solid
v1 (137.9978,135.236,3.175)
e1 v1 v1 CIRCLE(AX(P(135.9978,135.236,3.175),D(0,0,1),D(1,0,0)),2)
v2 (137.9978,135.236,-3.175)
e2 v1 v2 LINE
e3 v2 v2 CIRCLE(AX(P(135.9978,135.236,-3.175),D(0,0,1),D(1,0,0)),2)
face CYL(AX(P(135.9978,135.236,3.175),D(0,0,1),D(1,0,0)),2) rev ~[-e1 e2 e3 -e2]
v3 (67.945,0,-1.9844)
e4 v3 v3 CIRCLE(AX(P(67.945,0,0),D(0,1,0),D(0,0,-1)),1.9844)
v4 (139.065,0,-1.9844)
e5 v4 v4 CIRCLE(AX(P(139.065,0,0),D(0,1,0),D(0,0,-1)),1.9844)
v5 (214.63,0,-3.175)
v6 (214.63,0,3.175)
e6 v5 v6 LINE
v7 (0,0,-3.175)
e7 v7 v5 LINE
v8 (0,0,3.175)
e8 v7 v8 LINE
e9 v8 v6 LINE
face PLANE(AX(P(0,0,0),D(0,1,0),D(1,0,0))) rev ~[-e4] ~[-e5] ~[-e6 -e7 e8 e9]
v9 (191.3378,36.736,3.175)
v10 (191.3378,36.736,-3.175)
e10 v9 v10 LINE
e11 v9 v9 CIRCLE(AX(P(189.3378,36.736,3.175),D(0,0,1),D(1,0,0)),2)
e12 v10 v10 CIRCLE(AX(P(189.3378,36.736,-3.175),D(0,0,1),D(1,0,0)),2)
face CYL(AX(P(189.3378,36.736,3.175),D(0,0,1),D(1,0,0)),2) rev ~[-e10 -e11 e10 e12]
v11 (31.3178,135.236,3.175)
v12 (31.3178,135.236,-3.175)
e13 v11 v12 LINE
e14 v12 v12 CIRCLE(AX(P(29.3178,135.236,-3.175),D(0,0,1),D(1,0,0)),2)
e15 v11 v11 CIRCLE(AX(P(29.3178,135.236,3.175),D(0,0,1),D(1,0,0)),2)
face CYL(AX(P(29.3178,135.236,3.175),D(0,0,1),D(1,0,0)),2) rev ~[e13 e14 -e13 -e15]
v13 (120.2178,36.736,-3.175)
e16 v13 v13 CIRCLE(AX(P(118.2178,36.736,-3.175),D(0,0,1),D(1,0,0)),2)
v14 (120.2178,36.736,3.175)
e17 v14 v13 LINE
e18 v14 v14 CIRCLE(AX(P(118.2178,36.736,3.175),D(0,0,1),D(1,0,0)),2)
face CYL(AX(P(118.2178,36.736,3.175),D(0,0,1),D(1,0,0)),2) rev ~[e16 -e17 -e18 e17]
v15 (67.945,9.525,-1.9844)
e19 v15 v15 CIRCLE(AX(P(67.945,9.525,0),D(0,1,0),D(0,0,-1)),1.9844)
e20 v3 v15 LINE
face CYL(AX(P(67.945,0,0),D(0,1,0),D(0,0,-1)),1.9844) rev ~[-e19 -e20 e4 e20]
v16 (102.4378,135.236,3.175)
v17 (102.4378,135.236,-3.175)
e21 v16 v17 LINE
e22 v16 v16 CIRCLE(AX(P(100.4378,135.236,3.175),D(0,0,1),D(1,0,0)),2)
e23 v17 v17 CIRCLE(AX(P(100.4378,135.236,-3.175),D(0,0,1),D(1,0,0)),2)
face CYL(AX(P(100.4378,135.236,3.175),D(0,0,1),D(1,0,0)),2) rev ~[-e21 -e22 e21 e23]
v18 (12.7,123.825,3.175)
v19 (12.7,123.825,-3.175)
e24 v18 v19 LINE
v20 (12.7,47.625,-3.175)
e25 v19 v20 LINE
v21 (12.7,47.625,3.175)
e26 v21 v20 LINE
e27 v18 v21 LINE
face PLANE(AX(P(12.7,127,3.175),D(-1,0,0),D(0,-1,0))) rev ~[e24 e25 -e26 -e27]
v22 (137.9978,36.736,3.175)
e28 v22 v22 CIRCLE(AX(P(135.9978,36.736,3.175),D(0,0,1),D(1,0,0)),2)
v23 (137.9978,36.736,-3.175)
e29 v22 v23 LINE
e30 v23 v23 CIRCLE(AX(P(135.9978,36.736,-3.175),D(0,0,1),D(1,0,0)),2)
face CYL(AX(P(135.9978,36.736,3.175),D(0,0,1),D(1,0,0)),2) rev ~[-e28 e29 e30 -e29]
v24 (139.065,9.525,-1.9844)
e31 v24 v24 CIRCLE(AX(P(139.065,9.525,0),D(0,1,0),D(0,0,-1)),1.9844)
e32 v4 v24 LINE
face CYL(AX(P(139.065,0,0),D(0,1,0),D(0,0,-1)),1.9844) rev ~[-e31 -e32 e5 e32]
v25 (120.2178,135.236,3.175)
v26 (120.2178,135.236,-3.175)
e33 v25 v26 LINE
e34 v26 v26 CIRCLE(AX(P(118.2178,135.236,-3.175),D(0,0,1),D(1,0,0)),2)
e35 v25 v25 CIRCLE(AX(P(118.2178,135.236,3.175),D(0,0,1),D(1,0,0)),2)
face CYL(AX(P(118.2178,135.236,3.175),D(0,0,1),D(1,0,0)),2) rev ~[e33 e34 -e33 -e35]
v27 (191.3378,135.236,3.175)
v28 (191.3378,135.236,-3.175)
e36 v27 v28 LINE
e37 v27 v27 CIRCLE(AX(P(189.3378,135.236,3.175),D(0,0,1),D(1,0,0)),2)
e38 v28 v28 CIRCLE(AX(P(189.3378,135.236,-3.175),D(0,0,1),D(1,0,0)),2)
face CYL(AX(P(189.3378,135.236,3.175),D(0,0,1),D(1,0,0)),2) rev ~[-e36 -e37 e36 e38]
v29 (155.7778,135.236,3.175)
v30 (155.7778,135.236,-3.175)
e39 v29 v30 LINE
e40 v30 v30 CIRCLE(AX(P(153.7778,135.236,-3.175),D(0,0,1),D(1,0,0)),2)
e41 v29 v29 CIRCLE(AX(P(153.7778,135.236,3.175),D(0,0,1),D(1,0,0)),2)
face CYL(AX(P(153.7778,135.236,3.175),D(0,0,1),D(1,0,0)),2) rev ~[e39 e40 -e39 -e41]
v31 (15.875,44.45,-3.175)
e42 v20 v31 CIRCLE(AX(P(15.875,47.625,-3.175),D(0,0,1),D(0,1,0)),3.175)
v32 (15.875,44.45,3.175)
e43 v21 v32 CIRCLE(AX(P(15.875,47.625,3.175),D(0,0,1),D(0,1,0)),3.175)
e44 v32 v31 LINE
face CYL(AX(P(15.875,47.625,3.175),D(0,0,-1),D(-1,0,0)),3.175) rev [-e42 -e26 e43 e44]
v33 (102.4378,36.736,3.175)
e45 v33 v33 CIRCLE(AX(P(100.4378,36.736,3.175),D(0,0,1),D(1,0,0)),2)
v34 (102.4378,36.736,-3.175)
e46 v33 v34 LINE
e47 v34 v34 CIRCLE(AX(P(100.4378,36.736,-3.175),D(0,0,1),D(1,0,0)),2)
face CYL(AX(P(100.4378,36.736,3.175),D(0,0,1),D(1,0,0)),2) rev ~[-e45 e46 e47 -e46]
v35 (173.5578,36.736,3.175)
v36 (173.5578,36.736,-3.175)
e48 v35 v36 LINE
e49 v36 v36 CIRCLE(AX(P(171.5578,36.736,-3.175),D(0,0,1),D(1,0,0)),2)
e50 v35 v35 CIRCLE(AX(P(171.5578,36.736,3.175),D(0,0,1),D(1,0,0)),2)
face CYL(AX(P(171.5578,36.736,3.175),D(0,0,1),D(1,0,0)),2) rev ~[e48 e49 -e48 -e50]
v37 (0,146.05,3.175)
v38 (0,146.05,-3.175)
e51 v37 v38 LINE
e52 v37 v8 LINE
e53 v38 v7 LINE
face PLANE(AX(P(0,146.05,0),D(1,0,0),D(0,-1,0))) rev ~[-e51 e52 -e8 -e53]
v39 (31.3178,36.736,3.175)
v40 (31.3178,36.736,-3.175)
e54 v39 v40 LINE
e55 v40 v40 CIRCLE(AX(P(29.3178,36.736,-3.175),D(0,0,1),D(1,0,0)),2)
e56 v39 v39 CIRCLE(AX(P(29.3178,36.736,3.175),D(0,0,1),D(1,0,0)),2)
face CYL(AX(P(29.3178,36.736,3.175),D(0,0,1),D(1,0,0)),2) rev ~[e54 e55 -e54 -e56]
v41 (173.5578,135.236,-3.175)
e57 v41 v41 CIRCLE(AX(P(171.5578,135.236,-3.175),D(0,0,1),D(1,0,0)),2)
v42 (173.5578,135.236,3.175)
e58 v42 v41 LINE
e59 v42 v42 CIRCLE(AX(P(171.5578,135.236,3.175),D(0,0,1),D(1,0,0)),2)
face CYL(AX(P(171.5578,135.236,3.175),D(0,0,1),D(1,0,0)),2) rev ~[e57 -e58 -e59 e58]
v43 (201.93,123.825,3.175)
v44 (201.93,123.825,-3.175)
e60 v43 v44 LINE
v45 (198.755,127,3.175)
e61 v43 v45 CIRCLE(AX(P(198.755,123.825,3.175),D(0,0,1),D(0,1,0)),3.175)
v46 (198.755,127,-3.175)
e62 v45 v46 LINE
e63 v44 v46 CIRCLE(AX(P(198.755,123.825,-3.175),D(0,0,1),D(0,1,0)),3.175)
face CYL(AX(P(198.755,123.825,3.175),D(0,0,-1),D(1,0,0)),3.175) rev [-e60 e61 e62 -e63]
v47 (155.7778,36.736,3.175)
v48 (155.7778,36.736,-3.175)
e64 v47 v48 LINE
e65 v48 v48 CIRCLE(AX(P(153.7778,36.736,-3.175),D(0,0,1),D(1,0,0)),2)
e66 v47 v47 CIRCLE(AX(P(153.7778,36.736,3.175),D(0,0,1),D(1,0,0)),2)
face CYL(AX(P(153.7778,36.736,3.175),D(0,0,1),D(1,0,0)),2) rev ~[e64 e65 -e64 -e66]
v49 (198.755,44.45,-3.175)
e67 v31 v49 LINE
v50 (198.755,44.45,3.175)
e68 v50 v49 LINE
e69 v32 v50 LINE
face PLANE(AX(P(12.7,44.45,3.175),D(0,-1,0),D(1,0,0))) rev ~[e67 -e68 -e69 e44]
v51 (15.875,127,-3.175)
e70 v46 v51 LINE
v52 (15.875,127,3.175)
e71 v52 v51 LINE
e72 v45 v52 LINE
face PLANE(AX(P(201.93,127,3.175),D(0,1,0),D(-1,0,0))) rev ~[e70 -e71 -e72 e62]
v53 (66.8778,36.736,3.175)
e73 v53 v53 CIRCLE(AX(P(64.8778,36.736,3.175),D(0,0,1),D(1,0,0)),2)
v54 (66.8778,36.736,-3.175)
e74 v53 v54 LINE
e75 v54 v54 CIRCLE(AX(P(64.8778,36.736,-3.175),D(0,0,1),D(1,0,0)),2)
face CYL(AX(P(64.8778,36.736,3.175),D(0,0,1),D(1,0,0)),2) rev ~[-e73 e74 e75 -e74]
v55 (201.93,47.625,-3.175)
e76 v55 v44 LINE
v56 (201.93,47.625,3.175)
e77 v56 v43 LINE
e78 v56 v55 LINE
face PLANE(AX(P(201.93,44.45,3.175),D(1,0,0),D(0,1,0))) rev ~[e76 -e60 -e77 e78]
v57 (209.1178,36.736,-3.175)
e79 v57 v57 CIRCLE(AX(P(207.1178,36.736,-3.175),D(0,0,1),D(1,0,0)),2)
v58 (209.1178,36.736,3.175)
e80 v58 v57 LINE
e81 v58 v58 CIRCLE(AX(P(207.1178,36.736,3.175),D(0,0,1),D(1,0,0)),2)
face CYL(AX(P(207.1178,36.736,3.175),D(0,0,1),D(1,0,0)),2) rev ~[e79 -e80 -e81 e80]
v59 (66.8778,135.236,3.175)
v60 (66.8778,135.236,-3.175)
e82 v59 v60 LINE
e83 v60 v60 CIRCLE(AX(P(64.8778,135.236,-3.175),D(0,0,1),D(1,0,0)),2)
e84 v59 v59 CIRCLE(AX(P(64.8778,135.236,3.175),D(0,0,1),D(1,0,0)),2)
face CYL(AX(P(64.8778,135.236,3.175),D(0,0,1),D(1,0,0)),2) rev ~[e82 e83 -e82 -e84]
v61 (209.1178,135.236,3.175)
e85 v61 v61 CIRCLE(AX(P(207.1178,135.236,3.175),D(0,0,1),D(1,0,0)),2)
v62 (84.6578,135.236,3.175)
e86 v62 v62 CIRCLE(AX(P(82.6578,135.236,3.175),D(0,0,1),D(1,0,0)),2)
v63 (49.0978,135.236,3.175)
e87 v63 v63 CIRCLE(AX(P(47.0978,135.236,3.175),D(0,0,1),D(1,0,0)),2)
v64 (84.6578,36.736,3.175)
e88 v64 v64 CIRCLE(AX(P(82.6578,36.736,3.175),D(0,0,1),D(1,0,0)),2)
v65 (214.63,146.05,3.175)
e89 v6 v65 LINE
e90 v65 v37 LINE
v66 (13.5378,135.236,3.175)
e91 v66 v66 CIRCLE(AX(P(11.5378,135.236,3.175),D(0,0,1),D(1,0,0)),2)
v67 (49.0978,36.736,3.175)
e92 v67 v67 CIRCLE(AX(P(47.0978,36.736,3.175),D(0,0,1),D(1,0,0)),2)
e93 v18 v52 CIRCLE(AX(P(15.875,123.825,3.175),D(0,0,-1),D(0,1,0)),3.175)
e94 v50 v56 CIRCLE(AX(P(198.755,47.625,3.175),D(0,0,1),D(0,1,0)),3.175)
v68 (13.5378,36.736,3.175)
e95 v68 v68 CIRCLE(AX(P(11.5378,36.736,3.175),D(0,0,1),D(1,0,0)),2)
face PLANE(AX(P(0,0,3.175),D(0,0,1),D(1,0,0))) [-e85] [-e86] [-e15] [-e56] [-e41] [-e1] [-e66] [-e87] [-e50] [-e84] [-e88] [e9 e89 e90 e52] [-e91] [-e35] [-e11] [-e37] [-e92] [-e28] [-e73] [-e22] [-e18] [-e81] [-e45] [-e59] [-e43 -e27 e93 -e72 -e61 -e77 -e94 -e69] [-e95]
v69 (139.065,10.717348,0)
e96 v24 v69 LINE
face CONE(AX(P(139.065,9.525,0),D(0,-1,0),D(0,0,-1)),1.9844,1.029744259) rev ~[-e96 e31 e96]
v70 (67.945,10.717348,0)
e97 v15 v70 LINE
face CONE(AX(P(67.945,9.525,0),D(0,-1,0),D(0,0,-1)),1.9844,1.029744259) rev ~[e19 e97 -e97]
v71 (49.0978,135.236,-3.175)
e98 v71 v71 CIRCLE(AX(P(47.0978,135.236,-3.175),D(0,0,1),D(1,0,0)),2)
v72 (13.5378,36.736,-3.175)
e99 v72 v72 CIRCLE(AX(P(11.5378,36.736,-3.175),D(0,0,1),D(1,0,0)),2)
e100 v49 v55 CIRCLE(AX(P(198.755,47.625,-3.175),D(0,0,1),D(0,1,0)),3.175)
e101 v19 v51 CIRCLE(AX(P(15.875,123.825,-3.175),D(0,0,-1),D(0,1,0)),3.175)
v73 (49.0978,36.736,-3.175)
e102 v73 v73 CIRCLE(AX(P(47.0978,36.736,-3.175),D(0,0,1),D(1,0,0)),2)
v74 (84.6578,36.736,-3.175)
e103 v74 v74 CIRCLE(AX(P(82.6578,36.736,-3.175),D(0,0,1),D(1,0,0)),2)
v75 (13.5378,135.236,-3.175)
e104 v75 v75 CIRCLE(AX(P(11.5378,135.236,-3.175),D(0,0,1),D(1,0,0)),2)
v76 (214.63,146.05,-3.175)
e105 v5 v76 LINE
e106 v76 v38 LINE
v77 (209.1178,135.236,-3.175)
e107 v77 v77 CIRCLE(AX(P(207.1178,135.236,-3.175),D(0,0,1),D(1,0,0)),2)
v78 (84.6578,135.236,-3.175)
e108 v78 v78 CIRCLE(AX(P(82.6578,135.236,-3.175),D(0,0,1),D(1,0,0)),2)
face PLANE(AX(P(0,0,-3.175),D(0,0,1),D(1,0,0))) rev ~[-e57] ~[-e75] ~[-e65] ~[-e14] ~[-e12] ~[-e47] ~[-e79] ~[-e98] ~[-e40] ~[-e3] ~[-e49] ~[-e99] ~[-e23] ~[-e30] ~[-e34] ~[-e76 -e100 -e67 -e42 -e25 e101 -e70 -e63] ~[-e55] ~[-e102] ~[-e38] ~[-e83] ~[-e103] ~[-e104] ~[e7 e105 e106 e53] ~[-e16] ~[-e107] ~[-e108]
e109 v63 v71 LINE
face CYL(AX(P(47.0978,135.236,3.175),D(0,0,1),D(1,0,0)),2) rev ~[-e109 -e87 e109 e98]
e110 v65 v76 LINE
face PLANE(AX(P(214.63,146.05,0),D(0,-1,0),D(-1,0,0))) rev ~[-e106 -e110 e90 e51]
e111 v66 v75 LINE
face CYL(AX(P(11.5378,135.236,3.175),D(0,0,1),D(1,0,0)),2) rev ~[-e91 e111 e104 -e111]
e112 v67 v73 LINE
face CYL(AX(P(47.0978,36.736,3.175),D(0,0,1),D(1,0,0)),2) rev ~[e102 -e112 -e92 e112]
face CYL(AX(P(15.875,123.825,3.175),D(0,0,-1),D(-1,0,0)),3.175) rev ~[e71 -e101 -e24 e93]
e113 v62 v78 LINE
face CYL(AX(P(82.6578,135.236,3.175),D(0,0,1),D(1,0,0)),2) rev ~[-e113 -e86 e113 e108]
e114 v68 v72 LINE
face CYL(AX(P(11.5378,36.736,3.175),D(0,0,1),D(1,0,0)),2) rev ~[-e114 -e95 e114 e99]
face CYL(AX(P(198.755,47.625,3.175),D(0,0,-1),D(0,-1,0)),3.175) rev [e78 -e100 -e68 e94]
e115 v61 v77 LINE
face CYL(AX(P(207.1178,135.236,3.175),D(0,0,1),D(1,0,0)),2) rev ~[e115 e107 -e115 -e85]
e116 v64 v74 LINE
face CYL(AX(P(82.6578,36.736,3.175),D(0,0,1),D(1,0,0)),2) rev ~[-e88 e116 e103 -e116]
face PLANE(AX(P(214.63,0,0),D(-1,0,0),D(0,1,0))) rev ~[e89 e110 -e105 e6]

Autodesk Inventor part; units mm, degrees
ref_plane "YZ Plane" through (0, 0, 0) normal (1, 0, 0) x (0, 1, 0)
ref_plane "XZ Plane" through (0, 0, 0) normal (0, 1, 0) x (-1, 0, 0)
ref_plane "XY Plane" through (0, 0, 0) normal (0, 0, 1) x (1, 0, 0)
sketch "Sketch1" plane through (0, 0, 0) normal (0, 0, 1) x (1, 0, 0)
  line L0 (0, 0) -> (214.63, 0)
  line L1 (214.63, 0) -> (214.63, 146.05)
  line L2 (214.63, 146.05) -> (0, 146.05)
  line L3 (0, 146.05) -> (0, 0)
  line L4 (0, 146.05) -> (-6.35, 146.05) construction
  line L5 (-6.35, 146.05) -> (-6.35, 0) construction
  line L6 (-6.35, 0) -> (0, 0) construction
  line L7 (214.63, 0) -> (220.98, 0) construction
  line L8 (220.98, 0) -> (220.98, 146.05) construction
  line L9 (214.63, 146.05) -> (220.98, 146.05) construction
  line L10 (-8.255, 0) -> (-8.255, 93.2539)
  line L11 (222.885, 0) -> (222.885, 86.8023)
  line L12 (-8.255, 0) -> (222.885, 0)
  point P0 (-3.175, 146.05)
  point P1 (217.805, 146.05)
  point P2 (107.315, 0)
  dimension "d0" = 146.05
  dimension "d1" = 214.63
  dimension "d17" = 6.35
  dimension "d18" = 6.35
  dimension "d19" = 227.33
  dimension "d21" = 220.98
  dimension "d56" = 5.08
  dimension "d57" = 231.14
extrude "Extrusion1" add sketch "Sketch1" along normal mid plane 6.35
sketch "Sketch2" plane through (0, 0, 3.175) normal (0, 0, 1) x (1, 0, 0)
  circle A0 centre (11.5378, 135.236) radius 2
  circle A1 centre (11.5378, 36.736) radius 2
  line L0 (6.6378, 141.986) -> (16.4378, 141.986) construction
  line L1 (16.4378, 141.986) -> (16.4378, 29.986) construction
  line L2 (16.4378, 29.986) -> (6.6378, 29.986) construction
  line L3 (6.6378, 29.986) -> (6.6378, 141.986) construction
  line L4 (11.5378, 36.736) -> (11.5378, 135.236) construction
  line L5 (0, 0) -> (214.63, 0) construction
  line L6 (0, 146.05) -> (0, 0) projected
  line L7 (-6.35, 146.05) -> (-6.35, 0) construction
  line L8 (6.6378, 128.336) -> (8.2378, 128.336) construction
  line L9 (8.2378, 128.336) -> (8.2378, 43.636) construction
  line L10 (8.2378, 43.636) -> (6.6378, 43.636) construction
  line L11 (6.6378, 43.636) -> (6.6378, 128.336) construction
  line L12 (16.4378, 128.336) -> (14.8378, 128.336) construction
  line L13 (14.8378, 128.336) -> (14.8378, 43.636) construction
  line L14 (14.8378, 43.636) -> (16.4378, 43.636) construction
  line L15 (16.4378, 43.636) -> (16.4378, 128.336) construction
  line L16 (214.63, 146.05) -> (0, 146.05) projected
  line L17 (-8.255, 0) -> (-8.255, 93.2539) projected
  point P0 (11.5378, 141.986)
  point P1 (11.5378, 85.986)
  point P2 (16.4378, 85.986)
  point P3 (14.8378, 85.986)
  point P4 (8.2378, 85.986)
  dimension "d4" = 98.5
  dimension "d5" = 4
  dimension "d7" = 9.8
  dimension "d8" = 141.986
  dimension "d22" = 112
  dimension "d23" = 6.6
  dimension "d24" = 13.65
  dimension "d58" = 19.7928
extrude "Extrusion2" cut sketch "Sketch2" against normal blind 9.525
pattern_linear "Rectangular Pattern1" count 12 spacing 17.78 along (1, 0, 0) of "Extrusion2"
sketch "Sketch3" plane through (0, 0, 3.175) normal (0, 0, 1) x (1, 0, 0)
  line L0 (12.7, 44.45) -> (201.93, 44.45)
  line L1 (201.93, 44.45) -> (201.93, 127)
  line L2 (201.93, 127) -> (12.7, 127)
  line L3 (12.7, 127) -> (12.7, 44.45)
  line L4 (214.63, 0) -> (214.63, 146.05) projected
  line L5 (0, 146.05) -> (0, 0) projected
  line L6 (214.63, 146.05) -> (0, 146.05) projected
  line L7 (0, 0) -> (214.63, 0) projected
  dimension "d49" = 12.7
  dimension "d50" = 12.7
  dimension "d51" = 19.05
  dimension "d52" = 44.45
extrude "Extrusion3" cut sketch "Sketch3" against normal through all contours L3 L2 L1 L0
fillet "Fillet1" radius 3.175 4 edges at (12.7, 44.45, 0) (12.7, 127, 0) (201.93, 44.45, 0) (201.93, 127, 0)
sketch "Sketch5" plane through (0, 0, 3.175) normal (0, -1, 0) x (1, 0, 0)
  line L0 (0, -6.35) -> (0, 0) projected
  point P0 (0, -3.175)
  point P1 (67.945, -3.175)
  point P2 (0, -3.175)
  point P3 (-8.255, -3.175)
  point P4 (-8.255, -3.175)
  point P5 (-8.255, -3.175)
  point P6 (139.065, -3.175)
  point P7 (0, -3.175)
  dimension "d69" = 76.2
  dimension "d70" = 147.32
hole "Hole1" at (67.945, 0, 0) at (139.065, 0, 0) direction (0, 1, 0) diameter 3.9688 depth 9.525 tip angle 118
equation "\"d18\" = d17"
properties part number "Center Wall" material "ABS Plastic"
